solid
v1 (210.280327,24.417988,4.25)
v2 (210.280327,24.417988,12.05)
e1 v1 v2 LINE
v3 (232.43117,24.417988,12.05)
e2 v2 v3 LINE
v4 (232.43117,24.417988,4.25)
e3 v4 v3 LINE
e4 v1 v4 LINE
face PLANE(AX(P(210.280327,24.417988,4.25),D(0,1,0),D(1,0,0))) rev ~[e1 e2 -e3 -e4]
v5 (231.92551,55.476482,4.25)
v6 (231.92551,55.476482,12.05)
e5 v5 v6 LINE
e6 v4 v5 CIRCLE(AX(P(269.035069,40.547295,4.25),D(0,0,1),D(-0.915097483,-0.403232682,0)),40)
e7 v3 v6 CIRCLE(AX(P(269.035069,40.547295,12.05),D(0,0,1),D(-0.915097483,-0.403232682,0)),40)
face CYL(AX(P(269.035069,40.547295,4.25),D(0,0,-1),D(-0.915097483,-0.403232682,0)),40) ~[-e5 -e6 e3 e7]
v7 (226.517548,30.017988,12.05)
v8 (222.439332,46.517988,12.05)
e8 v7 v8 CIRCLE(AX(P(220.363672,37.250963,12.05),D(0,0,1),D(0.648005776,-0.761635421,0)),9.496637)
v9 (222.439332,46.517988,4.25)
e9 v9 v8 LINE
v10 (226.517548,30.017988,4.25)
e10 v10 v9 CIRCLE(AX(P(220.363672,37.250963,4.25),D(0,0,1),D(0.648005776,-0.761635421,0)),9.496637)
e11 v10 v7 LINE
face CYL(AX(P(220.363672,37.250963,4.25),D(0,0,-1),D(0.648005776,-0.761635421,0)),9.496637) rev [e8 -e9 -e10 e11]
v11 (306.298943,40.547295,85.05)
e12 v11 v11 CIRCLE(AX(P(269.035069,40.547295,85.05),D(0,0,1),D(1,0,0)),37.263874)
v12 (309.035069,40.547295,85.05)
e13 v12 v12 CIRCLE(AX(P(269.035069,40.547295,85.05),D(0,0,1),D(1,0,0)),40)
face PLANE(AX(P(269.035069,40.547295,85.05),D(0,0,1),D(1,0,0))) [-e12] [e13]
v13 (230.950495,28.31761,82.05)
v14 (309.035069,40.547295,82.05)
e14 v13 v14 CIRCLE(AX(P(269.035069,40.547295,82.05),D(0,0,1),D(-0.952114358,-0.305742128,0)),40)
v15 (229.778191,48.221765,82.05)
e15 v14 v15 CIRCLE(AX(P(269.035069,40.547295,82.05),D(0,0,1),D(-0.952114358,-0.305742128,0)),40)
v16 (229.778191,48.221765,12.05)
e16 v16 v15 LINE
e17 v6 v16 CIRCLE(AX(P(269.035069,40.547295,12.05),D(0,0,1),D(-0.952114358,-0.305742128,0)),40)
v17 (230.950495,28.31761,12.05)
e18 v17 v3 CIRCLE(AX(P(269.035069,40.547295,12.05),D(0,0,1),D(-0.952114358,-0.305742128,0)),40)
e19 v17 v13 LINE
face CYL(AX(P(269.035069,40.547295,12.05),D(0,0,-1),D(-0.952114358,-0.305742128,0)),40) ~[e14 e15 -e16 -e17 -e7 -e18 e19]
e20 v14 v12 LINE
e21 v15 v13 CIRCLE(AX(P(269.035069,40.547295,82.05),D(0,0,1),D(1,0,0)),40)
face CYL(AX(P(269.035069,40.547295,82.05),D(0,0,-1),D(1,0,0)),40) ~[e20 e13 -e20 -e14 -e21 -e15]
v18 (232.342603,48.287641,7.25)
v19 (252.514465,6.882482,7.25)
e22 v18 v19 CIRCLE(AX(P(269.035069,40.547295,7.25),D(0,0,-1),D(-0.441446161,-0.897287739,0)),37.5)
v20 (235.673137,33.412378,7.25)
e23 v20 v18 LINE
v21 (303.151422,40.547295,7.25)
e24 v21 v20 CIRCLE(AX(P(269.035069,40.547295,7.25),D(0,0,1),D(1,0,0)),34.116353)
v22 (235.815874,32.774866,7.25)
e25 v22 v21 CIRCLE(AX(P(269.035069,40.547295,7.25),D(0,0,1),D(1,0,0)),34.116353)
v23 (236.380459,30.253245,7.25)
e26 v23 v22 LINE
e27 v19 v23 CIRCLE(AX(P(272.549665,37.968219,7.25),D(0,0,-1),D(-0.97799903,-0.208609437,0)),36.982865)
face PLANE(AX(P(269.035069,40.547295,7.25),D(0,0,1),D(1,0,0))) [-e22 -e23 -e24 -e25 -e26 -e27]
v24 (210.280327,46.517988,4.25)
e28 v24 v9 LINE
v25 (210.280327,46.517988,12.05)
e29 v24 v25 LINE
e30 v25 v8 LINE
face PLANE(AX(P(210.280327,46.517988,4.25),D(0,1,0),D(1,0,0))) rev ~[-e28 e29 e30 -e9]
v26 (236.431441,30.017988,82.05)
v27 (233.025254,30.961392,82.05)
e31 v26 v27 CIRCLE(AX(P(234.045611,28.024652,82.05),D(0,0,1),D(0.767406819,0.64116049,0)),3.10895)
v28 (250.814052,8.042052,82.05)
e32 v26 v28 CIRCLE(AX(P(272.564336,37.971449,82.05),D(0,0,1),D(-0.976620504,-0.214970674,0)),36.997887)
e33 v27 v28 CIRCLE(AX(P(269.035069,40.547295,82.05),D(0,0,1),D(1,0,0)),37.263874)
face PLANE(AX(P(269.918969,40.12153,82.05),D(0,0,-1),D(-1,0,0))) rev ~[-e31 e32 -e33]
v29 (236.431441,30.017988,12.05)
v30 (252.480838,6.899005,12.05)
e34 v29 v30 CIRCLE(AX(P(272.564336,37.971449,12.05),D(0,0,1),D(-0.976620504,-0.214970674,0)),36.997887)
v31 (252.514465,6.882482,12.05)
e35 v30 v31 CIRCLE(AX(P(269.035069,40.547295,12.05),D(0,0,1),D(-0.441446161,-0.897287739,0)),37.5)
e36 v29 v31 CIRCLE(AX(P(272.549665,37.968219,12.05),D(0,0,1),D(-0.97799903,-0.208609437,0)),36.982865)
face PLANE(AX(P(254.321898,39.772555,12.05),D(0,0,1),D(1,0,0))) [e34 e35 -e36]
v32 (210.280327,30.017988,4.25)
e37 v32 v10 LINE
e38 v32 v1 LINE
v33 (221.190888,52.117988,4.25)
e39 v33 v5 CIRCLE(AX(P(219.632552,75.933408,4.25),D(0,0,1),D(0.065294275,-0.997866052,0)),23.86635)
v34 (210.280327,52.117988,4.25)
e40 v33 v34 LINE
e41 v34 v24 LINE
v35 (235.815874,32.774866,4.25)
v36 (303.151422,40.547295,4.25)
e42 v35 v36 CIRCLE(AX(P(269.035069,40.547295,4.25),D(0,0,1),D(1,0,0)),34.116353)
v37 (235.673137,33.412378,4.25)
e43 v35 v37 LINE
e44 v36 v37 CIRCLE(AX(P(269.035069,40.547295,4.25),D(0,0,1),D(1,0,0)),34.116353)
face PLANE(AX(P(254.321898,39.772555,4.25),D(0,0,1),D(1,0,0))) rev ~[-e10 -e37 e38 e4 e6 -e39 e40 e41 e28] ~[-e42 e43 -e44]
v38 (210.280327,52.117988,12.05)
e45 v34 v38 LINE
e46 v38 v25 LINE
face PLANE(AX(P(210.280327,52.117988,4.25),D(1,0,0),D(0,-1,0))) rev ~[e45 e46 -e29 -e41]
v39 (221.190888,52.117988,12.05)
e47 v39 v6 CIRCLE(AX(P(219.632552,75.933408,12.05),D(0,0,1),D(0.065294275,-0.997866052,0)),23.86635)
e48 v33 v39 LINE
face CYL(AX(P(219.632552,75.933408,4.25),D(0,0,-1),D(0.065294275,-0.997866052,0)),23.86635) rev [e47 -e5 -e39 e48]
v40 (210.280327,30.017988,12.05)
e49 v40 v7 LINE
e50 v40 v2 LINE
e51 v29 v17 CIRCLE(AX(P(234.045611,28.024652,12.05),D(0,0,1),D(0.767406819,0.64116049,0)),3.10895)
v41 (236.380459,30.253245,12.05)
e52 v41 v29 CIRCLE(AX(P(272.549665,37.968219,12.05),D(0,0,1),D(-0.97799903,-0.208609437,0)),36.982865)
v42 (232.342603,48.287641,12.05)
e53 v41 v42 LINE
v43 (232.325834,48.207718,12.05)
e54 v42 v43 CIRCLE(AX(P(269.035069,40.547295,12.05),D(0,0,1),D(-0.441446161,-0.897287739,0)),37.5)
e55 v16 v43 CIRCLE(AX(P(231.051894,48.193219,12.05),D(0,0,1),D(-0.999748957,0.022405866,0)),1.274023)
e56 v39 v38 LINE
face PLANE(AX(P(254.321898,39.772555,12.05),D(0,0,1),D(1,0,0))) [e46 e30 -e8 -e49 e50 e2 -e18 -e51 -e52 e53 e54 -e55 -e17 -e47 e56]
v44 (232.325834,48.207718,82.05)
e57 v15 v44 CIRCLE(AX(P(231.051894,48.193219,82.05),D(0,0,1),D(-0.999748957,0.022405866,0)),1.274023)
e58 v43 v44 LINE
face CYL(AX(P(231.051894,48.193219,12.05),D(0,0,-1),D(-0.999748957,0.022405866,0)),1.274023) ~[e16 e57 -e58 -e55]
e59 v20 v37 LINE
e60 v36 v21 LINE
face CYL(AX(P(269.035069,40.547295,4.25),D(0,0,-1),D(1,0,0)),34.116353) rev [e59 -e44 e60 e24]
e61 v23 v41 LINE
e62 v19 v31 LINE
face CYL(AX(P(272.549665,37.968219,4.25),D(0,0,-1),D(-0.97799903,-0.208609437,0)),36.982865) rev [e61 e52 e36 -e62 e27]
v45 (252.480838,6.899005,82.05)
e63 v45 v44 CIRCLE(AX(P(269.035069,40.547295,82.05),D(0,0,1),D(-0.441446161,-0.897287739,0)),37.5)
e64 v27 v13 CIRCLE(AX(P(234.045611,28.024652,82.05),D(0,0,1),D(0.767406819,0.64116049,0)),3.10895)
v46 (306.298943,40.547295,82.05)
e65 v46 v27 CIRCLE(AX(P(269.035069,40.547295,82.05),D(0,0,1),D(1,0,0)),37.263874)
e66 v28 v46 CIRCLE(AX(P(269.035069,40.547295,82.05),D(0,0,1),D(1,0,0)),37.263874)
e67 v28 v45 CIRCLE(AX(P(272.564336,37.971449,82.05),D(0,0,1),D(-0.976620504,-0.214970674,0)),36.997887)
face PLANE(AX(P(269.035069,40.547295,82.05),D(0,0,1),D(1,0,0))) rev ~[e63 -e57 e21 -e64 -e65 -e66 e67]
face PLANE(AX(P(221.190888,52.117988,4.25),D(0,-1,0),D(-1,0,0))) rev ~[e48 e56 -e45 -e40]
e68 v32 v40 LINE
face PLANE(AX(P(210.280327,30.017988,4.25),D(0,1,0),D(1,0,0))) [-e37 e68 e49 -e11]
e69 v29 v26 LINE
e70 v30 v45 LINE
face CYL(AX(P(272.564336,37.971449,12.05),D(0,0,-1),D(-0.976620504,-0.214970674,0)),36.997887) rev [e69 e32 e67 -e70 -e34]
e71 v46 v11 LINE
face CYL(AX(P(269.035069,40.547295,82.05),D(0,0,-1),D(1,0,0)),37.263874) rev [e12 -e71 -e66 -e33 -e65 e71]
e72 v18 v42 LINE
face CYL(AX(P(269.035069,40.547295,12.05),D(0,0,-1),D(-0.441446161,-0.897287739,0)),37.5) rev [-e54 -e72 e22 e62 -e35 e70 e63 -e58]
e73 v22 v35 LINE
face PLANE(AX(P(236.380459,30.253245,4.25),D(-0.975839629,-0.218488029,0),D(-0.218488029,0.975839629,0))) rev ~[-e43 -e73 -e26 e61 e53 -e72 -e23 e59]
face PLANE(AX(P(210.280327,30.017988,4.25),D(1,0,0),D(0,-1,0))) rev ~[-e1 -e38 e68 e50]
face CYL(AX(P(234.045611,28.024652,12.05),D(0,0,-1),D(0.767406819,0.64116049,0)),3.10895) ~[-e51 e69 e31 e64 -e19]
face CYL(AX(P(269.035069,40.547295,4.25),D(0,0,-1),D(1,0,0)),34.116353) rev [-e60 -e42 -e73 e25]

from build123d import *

# Parameters (mm, degrees)
PAD002_DEPTH  = 7.8
PAD_DEPTH     = 70
SKETCH037_R   = 40
SKETCH037_R_2 = 37.263874
PAD003_DEPTH  = 3
SKETCH038_R   = 37.75
SKETCH038_R_2 = 34.1163531471
PAD004_DEPTH  = 3


with BuildPart() as part:
    # Sketch036 → Pad002 (new body)
    with BuildSketch(Plane.XY.offset(4.25)):
        with BuildLine():
            Line((221.1908881172, 52.117988), (210.2803272855, 52.117988))
            Line((210.2803272855, 52.117988), (210.2803272855, 46.517988))
            Line((210.2803272855, 46.517988), (222.4393319888, 46.517988))
            ThreePointArc((226.517548, 30.017988), (229.5828812778, 39.5296252224), (222.4393319888, 46.517988))
            Line((220.1803272855, 30.017988), (226.517548, 30.017988))
            Line((210.2803272855, 30.017988), (220.1803272855, 30.017988))
            Line((210.2803272855, 30.017988), (210.2803272855, 24.417988))
            Line((210.2803272855, 24.417988), (232.4311698855, 24.417988))
            ThreePointArc((232.4311698855, 24.417988), (309.0297689267, 41.1984446323), (231.9255099311, 55.4764817733))
            ThreePointArc((221.1908881172, 52.117988), (226.7588734106, 53.1558272223), (231.9255099311, 55.4764817733))
        make_face()
        with BuildLine():
            ThreePointArc((252.5144646184, 6.8824824424), (302.747151692, 56.9712258563), (232.3426033937, 48.2876409781))
            Line((236.38045916, 30.2532447879), (232.3426033937, 48.2876409781))
            ThreePointArc((236.38045916, 30.2532447879), (242.114784508, 16.9574998176), (252.5144646184, 6.8824824424))
        make_face(mode=Mode.SUBTRACT)
    extrude(amount=PAD002_DEPTH)

    # Sketch (on Face15 of Pad002) → Pad (join)
    with BuildSketch(Plane.XY.offset(12.05)):
        with BuildLine():
            ThreePointArc((252.4808381991, 6.8990050545), (302.7374672811, 56.9910894012), (232.3258342856, 48.2077176229))
            ThreePointArc((229.7781905775, 48.2217645891), (231.0448692794, 46.9192153434), (232.3258342856, 48.2077176229))
            ThreePointArc((230.9504948913, 28.3176101637), (308.9658709648, 42.8991184314), (229.7781905775, 48.2217645891))
            ThreePointArc((236.4314409979, 30.017988), (233.1244202603, 30.9939916247), (230.9504948913, 28.3176101637))
            ThreePointArc((236.4314409979, 30.017988), (242.1720253216, 16.8728447116), (252.4808381991, 6.8990050545))
        make_face()
    extrude(amount=PAD_DEPTH)

    # Sketch037 (on Face21 of Pad) → Pad003 (join)
    with BuildSketch(Plane.XY.offset(82.05)):
        with Locations((269.0350692214, 40.5472952824)):
            Circle(SKETCH037_R)
        with Locations((269.0350692214, 40.5472952824)):
            Circle(SKETCH037_R_2, mode=Mode.SUBTRACT)
    extrude(amount=PAD003_DEPTH)

    # Sketch038 → Pad004 (join)
    with BuildSketch(Plane.XY.offset(4.25)):
        with Locations((269.0350692214, 40.5472952824)):
            Circle(SKETCH038_R)
        with Locations((269.0350692214, 40.5472952824)):
            Circle(SKETCH038_R_2, mode=Mode.SUBTRACT)
    extrude(amount=PAD004_DEPTH)


solid = part.part
